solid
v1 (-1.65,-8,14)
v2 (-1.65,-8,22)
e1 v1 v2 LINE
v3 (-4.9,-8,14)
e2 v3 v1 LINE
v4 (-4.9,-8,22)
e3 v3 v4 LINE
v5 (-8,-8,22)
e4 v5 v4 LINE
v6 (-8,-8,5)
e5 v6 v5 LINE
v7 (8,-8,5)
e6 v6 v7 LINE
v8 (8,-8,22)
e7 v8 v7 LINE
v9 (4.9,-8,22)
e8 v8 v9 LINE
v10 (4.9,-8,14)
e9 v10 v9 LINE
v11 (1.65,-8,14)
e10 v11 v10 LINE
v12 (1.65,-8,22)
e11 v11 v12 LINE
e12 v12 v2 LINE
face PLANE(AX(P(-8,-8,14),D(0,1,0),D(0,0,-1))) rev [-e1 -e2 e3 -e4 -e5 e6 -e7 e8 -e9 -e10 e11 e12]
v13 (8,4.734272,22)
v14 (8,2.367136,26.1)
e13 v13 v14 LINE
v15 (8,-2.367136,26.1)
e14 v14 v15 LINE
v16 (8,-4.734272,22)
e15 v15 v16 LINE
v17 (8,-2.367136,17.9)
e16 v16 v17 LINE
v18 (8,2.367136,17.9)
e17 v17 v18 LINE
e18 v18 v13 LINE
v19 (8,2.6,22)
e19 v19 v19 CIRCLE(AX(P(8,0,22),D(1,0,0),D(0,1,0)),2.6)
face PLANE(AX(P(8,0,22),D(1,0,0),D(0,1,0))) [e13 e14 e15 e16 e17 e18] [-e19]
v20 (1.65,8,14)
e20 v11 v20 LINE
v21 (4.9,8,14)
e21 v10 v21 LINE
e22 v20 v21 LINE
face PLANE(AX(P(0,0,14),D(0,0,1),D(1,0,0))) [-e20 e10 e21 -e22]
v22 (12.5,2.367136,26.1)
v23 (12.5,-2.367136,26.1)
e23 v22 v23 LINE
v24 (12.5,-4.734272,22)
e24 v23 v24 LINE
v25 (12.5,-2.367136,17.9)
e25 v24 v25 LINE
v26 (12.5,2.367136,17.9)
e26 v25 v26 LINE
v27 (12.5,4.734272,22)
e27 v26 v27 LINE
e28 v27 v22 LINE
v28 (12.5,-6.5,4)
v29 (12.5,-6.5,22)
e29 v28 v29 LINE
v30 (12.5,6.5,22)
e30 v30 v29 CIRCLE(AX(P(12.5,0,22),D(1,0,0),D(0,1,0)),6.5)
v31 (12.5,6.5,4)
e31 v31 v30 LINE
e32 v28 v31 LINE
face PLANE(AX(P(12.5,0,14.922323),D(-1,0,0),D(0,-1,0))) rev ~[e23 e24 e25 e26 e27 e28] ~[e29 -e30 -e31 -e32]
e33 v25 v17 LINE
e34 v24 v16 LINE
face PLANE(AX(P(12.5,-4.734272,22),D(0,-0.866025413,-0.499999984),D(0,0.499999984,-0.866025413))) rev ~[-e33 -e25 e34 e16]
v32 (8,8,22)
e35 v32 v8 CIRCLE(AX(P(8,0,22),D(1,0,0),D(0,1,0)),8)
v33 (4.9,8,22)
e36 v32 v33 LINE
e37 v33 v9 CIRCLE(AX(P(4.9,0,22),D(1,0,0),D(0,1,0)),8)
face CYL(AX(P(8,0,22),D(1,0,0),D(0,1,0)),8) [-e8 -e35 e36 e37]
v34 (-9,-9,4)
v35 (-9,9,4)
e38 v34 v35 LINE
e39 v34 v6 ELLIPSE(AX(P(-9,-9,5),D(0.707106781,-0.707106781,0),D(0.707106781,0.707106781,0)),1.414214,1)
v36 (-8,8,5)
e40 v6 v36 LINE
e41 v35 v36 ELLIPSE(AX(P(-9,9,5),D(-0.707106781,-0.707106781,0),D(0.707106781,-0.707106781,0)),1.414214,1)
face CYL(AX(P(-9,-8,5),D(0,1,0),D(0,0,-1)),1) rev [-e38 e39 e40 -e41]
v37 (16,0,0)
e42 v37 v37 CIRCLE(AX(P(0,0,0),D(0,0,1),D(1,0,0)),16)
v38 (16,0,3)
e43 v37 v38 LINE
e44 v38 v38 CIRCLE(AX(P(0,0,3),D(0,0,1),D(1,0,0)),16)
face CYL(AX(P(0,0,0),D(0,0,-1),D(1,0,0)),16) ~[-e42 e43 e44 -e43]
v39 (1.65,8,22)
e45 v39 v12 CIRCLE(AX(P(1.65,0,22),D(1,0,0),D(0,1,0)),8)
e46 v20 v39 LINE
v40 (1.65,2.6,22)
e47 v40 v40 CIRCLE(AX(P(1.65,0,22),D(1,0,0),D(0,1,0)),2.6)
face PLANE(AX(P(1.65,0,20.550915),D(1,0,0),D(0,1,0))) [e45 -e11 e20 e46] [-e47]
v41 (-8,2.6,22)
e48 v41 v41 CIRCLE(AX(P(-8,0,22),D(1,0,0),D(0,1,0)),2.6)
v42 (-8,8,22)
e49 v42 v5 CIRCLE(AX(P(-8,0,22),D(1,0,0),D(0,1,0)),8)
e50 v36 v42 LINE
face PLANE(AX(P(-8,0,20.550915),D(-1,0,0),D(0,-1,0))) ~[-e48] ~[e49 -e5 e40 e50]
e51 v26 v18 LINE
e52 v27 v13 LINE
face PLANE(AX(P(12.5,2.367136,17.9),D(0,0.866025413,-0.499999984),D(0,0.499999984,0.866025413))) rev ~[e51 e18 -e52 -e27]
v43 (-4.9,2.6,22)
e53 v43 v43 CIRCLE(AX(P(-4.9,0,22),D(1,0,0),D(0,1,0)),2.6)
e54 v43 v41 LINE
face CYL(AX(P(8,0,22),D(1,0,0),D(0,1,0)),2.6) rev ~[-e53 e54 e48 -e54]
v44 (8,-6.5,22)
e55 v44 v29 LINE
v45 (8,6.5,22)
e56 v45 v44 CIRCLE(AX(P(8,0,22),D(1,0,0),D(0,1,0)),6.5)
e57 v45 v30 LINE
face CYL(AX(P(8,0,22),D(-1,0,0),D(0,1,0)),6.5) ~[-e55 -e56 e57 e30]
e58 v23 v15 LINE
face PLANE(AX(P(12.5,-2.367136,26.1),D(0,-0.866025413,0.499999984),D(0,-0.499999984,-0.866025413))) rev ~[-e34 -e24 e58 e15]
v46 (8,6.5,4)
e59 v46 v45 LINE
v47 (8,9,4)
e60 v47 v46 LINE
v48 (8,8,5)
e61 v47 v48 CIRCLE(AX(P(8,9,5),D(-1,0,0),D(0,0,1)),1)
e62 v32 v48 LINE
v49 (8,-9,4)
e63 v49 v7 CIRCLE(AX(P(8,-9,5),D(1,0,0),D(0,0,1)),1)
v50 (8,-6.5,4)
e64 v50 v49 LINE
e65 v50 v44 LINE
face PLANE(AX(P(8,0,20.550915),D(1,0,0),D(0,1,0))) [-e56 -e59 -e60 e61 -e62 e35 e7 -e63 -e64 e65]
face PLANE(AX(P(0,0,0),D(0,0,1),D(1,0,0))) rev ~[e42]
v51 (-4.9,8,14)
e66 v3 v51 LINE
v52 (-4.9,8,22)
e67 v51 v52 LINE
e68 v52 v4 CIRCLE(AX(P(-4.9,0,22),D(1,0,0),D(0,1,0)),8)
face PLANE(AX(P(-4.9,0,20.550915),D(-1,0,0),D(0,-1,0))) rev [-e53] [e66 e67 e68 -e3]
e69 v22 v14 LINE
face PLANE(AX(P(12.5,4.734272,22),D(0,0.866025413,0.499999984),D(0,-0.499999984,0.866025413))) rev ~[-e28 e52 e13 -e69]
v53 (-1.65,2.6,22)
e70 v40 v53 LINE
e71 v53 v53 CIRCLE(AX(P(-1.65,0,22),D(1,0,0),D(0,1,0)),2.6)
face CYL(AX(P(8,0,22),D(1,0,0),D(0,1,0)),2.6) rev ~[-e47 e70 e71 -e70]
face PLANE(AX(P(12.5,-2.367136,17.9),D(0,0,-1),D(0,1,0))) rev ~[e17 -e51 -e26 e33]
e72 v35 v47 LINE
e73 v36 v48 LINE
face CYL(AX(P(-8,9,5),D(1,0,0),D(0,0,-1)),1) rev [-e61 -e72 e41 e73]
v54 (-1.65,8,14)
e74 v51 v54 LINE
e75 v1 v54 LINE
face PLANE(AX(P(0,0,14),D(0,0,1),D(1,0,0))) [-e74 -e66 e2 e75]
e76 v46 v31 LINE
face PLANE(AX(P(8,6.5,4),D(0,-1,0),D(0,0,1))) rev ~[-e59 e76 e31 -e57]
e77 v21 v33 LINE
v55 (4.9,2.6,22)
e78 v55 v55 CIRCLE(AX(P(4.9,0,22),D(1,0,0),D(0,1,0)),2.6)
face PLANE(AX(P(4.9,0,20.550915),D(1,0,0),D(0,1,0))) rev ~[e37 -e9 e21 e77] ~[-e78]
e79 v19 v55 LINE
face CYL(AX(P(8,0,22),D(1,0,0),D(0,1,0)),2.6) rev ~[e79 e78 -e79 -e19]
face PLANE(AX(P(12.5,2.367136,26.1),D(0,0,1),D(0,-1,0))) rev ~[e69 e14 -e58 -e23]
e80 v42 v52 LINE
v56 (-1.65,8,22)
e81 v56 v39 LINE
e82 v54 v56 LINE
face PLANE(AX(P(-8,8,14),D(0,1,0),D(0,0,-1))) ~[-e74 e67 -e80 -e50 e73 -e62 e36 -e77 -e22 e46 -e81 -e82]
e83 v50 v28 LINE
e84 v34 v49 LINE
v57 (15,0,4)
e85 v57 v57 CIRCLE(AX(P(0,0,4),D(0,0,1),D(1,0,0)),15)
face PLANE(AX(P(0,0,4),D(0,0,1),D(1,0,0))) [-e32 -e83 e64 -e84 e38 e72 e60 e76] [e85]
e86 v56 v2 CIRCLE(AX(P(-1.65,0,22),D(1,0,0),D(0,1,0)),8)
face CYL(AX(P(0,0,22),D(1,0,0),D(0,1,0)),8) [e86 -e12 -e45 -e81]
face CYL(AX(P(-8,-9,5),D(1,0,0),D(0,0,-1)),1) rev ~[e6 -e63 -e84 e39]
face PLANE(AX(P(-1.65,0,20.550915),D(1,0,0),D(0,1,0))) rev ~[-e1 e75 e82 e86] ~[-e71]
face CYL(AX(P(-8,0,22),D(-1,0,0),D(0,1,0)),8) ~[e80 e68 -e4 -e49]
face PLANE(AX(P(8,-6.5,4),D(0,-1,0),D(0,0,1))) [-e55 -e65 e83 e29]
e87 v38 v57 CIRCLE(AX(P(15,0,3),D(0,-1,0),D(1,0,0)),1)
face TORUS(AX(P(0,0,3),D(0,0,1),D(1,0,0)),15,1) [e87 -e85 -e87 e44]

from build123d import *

# Parameters (mm, degrees)
SKETCH_R        = 16
PAD_DEPTH       = 4
FILLET_R        = 1
SKETCH001_W     = 16
SKETCH001_H     = 16
PAD001_DEPTH    = 10
FILLET001_R     = 1
PAD002_DEPTH    = 3.1
PAD003_DEPTH    = 1.65
SKETCH004_R     = 2.6
POCKET_DEPTH    = 24.001
PAD004_DEPTH    = 4.5
POCKET001_DEPTH = 4.5


with BuildPart() as part:
    # Sketch → Pad (new body)
    with BuildSketch(Plane.XY):
        Circle(SKETCH_R)
    extrude(amount=PAD_DEPTH)

    # Fillet
    fillet_edges = [part.edges().sort_by_distance(p)[0] for p in [
        (-16, 0, 4),
    ]]
    fillet(fillet_edges, radius=FILLET_R)

    # Sketch001 (on Face4 of Fillet) → Pad001 (join)
    with BuildSketch(Plane.XY.offset(4)):
        Rectangle(SKETCH001_W, SKETCH001_H)
    extrude(amount=PAD001_DEPTH)

    # Fillet001
    fillet001_edges = [part.edges().sort_by_distance(p)[0] for p in [
        (0, -8, 4),
        (0, 8, 4),
        (-8, 0, 4),
    ]]
    fillet(fillet001_edges, radius=FILLET001_R)

    # Sketch002 (on Face2 of Fillet001) → Pad002 (join)
    with BuildSketch(Plane.YZ.offset(8)):
        with BuildLine():
            Line((-8, 14), (8, 14))
            Line((8, 14), (8, 22))
            ThreePointArc((8, 22), (0, 30), (-8, 22))
            Line((-8, 14), (-8, 22))
        make_face()
    pad002 = extrude(amount=-PAD002_DEPTH)

    # Mirrored: Pad002 across YZ
    add(pad002.mirror(Plane.YZ))

    # Sketch003 → Pad003 (join, symmetric)
    with BuildSketch(Plane.YZ):
        with BuildLine():
            Line((-8, 14), (8, 14))
            Line((8, 14), (8, 22))
            ThreePointArc((8, 22), (0, 30), (-8, 22))
            Line((-8, 14), (-8, 22))
        make_face()
    extrude(amount=PAD003_DEPTH, both=True)

    # Sketch004 (on Face8 of Pad003) → Pocket (cut, through all)
    with BuildSketch(Plane.YZ.offset(8)):
        with Locations((0, 22)):
            Circle(SKETCH004_R)
    extrude(amount=-POCKET_DEPTH, mode=Mode.SUBTRACT)

    # Sketch005 (on Face8 of Pocket) → Pad004 (join)
    with BuildSketch(Plane.YZ.offset(8)):
        with BuildLine():
            Line((-6.5, 4), (-6.5, 22))
            ThreePointArc((6.5, 22), (0, 28.5), (-6.5, 22))
            Line((6.5, 4), (6.5, 22))
            Line((-6.5, 4), (6.5, 4))
        make_face()
    extrude(amount=PAD004_DEPTH)

    # Sketch006 (on Face5 of Pad004) → Pocket001 (cut)
    with BuildSketch(Plane.YZ.offset(12.5)):
        Polygon((2.367136, 26.1), (-2.367136, 26.1), (-4.734272, 22), (-2.367136, 17.9), (2.367136, 17.9), (4.734272, 22), align=None)
    extrude(amount=-POCKET001_DEPTH, mode=Mode.SUBTRACT)


solid = part.part
